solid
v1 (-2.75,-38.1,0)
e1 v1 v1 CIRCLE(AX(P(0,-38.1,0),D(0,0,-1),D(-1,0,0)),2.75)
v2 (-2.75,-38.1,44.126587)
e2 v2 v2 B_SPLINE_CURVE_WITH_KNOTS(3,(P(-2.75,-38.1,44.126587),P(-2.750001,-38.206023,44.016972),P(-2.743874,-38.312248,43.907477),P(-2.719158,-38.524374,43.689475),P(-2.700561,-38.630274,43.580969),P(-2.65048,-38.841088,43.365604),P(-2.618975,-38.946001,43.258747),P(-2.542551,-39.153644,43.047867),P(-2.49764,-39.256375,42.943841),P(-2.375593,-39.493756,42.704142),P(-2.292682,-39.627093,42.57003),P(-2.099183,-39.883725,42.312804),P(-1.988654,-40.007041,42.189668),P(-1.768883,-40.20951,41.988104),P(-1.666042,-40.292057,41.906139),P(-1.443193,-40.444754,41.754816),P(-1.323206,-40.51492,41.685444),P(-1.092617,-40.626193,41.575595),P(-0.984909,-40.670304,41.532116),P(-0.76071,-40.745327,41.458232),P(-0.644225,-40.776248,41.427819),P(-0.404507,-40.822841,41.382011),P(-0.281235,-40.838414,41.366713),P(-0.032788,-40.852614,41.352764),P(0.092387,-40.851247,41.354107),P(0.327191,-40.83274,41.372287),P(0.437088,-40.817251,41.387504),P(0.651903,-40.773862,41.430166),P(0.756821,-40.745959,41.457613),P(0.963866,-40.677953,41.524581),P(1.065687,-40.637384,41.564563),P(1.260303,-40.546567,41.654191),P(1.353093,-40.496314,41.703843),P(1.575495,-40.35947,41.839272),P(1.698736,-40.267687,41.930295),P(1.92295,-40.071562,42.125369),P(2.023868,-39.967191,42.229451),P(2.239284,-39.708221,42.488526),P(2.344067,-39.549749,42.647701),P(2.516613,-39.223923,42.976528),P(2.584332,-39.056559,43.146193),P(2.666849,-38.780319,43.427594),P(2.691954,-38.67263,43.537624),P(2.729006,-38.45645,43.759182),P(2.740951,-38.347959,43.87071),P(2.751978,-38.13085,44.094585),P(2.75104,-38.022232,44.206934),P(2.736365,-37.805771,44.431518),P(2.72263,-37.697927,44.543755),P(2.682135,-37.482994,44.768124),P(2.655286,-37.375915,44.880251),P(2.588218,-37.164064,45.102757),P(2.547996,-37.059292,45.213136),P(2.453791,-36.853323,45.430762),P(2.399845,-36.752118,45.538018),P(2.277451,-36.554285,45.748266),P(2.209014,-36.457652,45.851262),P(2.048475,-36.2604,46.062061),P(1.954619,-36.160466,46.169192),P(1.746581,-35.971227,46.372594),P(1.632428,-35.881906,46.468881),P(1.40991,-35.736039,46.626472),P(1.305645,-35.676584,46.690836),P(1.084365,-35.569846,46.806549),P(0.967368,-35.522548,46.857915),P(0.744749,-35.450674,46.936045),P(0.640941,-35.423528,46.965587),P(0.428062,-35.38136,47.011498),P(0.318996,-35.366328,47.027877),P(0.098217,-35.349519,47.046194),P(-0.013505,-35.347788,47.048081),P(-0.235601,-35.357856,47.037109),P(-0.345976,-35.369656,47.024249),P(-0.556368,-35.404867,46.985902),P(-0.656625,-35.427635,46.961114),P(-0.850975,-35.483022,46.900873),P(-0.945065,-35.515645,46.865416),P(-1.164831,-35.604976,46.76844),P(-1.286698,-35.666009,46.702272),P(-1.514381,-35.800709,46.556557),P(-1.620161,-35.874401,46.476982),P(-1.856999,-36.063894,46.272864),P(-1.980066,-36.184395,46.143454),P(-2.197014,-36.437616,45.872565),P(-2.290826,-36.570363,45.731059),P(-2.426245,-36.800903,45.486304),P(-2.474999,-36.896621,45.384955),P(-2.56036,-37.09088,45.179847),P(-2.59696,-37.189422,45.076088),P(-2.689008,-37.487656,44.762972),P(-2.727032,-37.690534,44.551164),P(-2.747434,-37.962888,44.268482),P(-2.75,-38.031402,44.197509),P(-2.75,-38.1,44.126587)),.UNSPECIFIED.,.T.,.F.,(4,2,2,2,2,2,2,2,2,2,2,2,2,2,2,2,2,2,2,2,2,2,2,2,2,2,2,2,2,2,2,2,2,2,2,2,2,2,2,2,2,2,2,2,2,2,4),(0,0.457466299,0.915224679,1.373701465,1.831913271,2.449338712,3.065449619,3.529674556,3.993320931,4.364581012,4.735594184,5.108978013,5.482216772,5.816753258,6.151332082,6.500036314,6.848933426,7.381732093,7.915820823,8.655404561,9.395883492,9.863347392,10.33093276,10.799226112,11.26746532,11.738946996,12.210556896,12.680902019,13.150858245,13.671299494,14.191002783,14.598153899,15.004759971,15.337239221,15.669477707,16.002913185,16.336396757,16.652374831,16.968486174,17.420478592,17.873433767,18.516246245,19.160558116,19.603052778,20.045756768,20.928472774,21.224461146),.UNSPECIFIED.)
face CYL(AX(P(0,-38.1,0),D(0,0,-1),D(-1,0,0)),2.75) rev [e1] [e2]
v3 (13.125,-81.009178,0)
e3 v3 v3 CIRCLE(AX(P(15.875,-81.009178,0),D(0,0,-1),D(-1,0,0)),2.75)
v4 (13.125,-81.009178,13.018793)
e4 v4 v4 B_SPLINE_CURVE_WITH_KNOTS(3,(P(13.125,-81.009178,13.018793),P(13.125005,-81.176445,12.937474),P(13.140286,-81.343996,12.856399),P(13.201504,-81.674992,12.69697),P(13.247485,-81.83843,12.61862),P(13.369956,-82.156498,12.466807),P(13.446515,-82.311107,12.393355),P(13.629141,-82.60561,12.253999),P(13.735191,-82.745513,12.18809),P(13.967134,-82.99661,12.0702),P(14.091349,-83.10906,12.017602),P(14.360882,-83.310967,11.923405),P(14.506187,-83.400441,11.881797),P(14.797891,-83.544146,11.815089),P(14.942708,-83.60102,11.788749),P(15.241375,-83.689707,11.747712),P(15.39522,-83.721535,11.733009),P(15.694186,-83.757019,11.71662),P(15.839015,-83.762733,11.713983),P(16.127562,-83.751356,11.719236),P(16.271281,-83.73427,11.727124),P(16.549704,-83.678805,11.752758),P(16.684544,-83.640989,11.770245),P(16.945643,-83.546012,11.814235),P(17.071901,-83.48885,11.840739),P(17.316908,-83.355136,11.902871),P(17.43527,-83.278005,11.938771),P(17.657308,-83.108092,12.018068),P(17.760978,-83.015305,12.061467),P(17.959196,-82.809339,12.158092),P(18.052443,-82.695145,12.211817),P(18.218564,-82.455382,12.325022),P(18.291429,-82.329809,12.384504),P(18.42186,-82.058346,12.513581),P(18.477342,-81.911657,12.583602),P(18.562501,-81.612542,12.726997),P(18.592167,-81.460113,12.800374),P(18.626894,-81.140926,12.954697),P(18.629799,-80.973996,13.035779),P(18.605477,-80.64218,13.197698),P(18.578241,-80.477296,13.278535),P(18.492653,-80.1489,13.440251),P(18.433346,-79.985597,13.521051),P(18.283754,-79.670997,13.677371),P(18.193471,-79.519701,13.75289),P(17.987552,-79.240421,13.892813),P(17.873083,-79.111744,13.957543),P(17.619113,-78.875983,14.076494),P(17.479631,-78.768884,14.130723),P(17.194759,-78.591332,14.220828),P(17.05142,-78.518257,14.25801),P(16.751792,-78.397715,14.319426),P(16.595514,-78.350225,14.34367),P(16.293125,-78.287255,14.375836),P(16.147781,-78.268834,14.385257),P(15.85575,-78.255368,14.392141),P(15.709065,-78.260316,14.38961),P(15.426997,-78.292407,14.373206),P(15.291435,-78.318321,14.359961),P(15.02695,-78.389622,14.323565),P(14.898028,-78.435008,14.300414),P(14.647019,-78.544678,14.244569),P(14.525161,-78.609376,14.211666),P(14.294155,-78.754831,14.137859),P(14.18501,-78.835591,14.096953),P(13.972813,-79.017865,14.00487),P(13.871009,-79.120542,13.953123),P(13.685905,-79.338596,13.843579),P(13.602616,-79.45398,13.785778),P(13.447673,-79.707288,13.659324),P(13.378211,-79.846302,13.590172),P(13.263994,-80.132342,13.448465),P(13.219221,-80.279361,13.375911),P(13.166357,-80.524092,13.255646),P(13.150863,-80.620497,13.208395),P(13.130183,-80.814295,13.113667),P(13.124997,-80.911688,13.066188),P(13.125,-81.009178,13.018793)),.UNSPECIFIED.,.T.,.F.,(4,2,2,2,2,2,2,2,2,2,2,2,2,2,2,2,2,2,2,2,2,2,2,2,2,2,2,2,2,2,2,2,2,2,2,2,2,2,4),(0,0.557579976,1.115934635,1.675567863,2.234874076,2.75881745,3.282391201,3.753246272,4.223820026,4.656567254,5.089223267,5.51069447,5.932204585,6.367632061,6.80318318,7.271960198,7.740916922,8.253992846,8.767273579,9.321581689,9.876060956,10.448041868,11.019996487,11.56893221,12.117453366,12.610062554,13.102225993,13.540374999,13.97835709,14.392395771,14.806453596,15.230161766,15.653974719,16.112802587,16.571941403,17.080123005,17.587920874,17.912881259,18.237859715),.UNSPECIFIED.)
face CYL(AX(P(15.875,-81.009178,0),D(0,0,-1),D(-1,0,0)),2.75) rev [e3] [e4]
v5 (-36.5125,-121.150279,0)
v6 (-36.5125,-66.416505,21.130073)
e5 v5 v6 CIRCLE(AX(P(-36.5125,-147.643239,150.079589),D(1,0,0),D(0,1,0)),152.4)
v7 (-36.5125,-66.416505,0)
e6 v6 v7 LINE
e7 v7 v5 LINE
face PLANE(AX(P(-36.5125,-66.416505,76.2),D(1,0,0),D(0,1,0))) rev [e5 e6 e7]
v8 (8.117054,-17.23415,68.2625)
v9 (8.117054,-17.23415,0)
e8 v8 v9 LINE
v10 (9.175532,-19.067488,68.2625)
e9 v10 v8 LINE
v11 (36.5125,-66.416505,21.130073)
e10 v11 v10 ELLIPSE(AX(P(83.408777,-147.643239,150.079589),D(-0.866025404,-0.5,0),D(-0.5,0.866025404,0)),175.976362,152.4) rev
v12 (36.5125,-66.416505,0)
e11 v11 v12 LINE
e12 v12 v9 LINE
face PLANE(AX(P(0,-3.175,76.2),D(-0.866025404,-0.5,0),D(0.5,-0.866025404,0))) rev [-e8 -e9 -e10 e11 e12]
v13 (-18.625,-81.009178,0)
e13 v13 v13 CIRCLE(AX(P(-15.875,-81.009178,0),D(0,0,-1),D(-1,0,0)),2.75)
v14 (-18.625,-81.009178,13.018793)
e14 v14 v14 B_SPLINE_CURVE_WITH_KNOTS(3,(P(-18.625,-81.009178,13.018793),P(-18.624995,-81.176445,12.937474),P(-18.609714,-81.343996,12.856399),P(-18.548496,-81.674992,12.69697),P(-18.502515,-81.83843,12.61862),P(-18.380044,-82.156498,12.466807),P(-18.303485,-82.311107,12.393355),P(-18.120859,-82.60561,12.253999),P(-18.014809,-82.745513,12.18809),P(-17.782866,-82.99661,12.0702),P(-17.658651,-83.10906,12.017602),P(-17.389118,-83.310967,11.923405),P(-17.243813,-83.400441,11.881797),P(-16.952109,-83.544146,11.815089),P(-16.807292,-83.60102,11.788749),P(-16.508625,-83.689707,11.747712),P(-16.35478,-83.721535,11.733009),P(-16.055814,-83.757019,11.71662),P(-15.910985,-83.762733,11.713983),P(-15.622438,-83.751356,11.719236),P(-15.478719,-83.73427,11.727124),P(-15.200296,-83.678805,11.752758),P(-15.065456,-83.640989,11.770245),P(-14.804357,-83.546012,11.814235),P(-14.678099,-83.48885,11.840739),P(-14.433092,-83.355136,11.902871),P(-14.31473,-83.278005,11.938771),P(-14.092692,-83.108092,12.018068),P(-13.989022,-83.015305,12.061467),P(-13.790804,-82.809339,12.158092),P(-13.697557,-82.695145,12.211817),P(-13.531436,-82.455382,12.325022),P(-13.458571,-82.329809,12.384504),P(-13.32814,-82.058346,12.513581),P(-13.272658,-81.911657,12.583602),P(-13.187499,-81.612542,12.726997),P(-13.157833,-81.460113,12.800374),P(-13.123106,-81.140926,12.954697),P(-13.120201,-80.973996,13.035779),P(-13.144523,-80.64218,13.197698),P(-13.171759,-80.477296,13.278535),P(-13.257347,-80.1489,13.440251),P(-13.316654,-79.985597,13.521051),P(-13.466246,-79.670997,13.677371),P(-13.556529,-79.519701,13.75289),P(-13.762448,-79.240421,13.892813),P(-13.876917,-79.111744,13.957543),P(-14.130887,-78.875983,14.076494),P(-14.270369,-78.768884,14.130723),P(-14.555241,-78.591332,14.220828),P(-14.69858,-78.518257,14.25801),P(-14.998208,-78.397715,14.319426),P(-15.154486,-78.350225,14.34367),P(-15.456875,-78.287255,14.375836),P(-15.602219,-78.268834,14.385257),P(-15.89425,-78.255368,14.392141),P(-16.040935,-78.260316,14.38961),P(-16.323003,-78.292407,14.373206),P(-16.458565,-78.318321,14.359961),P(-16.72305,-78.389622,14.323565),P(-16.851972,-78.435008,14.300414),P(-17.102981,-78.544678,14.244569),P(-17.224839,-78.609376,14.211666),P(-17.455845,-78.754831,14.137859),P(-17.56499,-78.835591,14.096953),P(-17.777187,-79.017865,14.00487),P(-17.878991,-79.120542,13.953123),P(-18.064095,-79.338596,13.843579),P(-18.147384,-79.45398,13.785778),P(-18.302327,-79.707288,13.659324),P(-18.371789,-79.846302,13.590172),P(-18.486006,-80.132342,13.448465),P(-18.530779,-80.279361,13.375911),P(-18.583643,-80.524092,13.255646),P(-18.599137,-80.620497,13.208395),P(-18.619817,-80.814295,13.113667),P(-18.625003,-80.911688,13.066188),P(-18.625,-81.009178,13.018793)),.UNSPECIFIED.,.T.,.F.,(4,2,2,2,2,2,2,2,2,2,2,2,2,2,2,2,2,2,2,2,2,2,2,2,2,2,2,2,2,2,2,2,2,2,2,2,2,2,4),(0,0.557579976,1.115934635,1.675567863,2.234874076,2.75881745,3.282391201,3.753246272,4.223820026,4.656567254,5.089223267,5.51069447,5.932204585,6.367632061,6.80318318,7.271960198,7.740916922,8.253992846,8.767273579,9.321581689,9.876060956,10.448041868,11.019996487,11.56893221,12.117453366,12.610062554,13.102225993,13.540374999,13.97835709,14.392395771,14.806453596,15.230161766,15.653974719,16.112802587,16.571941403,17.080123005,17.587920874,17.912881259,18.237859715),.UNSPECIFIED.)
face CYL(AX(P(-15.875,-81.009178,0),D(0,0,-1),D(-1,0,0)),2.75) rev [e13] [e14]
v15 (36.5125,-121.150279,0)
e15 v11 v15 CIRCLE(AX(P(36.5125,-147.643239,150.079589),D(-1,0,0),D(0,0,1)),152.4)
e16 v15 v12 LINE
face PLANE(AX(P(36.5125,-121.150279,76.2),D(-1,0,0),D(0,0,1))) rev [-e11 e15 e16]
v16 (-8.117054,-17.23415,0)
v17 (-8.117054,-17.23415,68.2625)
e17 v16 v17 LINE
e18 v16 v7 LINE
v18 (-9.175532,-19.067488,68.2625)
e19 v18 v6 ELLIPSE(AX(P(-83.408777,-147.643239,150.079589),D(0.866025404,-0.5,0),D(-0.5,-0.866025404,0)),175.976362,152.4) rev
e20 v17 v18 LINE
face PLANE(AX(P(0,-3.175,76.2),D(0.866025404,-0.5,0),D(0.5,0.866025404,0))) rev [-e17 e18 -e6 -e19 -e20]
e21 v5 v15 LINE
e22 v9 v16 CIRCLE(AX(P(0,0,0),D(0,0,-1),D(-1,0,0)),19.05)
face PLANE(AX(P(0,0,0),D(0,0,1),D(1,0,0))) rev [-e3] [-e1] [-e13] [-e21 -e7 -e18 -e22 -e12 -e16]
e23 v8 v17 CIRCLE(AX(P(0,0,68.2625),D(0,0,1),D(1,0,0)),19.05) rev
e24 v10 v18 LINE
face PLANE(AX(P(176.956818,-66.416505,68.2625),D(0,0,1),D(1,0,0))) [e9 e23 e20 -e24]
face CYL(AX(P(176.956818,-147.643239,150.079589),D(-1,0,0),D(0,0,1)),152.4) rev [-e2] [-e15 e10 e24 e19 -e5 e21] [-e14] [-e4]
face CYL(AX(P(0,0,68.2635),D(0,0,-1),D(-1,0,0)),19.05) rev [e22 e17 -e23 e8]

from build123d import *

# Parameters (mm, degrees)
BOSS_EXTRUDE1_DEPTH  = 76.2
CUT_EXTRUDE1_START   = -36.5125
CUT_EXTRUDE1_DEPTH   = 73.025
M5_CLEARANCE_HOLE1_D = 5.5
CUT_EXTRUDE2_REACH   = 145.772
SKETCH10_R           = 19.05


with BuildPart() as part:
    # Sketch1 → Boss-Extrude1 (new body)
    with BuildSketch(Plane.XY):
        Polygon((36.5125, -121.15027858), (36.5125, -66.416505111), (0, -3.175), (-36.5125, -66.416505111), (-36.5125, -121.15027858), align=None)
    extrude(amount=BOSS_EXTRUDE1_DEPTH)

    # Sketch2 → Cut-Extrude1 (cut)
    with BuildSketch(Plane(origin=(0, 0, 0), x_dir=(0, 0, -1), z_dir=(1, 0, 0)).offset(CUT_EXTRUDE1_START)):
        with BuildLine():
            Line((-76.2, -121.15027858), (0, -121.15027858))
            ThreePointArc((0, -121.15027858), (-23.393988511, -62.928903921), (-68.2625, -19.067487592))
            Line((-68.2625, -19.067487592), (-68.2625, -3.175))
            Line((-68.2625, -3.175), (-76.2, -3.175))
            Line((-76.2, -3.175), (-76.2, -22.225))
            Line((-76.2, -22.225), (-76.2, -66.416505111))
            Line((-76.2, -66.416505111), (-76.2, -121.15027858))
        make_face()
    extrude(amount=CUT_EXTRUDE1_DEPTH, mode=Mode.SUBTRACT)

    # M5 Clearance Hole1 (through all)
    with Locations(Plane(origin=(0, 0, 0), x_dir=(-1, 0, 0), z_dir=(0, 0, -1))):
        with Locations((-15.875, -81.009177721), (15.875, -81.009177721), (0, -38.1)):
            Hole(M5_CLEARANCE_HOLE1_D / 2)

    # Sketch10 → Cut-Extrude2 (cut, up to next)
    with BuildSketch(Plane(origin=(0, 0, 0), x_dir=(-1, 0, 0), z_dir=(0, 0, -1)), mode=Mode.PRIVATE) as cut_extrude2_sk1:
        Circle(SKETCH10_R)
    cut_extrude2_tool1 = extrude(cut_extrude2_sk1.sketch, amount=-CUT_EXTRUDE2_REACH, mode=Mode.PRIVATE) & part.part
    add(cut_extrude2_tool1.solids().sort_by_distance((0, 0, 0))[0], mode=Mode.SUBTRACT)


solid = part.part
